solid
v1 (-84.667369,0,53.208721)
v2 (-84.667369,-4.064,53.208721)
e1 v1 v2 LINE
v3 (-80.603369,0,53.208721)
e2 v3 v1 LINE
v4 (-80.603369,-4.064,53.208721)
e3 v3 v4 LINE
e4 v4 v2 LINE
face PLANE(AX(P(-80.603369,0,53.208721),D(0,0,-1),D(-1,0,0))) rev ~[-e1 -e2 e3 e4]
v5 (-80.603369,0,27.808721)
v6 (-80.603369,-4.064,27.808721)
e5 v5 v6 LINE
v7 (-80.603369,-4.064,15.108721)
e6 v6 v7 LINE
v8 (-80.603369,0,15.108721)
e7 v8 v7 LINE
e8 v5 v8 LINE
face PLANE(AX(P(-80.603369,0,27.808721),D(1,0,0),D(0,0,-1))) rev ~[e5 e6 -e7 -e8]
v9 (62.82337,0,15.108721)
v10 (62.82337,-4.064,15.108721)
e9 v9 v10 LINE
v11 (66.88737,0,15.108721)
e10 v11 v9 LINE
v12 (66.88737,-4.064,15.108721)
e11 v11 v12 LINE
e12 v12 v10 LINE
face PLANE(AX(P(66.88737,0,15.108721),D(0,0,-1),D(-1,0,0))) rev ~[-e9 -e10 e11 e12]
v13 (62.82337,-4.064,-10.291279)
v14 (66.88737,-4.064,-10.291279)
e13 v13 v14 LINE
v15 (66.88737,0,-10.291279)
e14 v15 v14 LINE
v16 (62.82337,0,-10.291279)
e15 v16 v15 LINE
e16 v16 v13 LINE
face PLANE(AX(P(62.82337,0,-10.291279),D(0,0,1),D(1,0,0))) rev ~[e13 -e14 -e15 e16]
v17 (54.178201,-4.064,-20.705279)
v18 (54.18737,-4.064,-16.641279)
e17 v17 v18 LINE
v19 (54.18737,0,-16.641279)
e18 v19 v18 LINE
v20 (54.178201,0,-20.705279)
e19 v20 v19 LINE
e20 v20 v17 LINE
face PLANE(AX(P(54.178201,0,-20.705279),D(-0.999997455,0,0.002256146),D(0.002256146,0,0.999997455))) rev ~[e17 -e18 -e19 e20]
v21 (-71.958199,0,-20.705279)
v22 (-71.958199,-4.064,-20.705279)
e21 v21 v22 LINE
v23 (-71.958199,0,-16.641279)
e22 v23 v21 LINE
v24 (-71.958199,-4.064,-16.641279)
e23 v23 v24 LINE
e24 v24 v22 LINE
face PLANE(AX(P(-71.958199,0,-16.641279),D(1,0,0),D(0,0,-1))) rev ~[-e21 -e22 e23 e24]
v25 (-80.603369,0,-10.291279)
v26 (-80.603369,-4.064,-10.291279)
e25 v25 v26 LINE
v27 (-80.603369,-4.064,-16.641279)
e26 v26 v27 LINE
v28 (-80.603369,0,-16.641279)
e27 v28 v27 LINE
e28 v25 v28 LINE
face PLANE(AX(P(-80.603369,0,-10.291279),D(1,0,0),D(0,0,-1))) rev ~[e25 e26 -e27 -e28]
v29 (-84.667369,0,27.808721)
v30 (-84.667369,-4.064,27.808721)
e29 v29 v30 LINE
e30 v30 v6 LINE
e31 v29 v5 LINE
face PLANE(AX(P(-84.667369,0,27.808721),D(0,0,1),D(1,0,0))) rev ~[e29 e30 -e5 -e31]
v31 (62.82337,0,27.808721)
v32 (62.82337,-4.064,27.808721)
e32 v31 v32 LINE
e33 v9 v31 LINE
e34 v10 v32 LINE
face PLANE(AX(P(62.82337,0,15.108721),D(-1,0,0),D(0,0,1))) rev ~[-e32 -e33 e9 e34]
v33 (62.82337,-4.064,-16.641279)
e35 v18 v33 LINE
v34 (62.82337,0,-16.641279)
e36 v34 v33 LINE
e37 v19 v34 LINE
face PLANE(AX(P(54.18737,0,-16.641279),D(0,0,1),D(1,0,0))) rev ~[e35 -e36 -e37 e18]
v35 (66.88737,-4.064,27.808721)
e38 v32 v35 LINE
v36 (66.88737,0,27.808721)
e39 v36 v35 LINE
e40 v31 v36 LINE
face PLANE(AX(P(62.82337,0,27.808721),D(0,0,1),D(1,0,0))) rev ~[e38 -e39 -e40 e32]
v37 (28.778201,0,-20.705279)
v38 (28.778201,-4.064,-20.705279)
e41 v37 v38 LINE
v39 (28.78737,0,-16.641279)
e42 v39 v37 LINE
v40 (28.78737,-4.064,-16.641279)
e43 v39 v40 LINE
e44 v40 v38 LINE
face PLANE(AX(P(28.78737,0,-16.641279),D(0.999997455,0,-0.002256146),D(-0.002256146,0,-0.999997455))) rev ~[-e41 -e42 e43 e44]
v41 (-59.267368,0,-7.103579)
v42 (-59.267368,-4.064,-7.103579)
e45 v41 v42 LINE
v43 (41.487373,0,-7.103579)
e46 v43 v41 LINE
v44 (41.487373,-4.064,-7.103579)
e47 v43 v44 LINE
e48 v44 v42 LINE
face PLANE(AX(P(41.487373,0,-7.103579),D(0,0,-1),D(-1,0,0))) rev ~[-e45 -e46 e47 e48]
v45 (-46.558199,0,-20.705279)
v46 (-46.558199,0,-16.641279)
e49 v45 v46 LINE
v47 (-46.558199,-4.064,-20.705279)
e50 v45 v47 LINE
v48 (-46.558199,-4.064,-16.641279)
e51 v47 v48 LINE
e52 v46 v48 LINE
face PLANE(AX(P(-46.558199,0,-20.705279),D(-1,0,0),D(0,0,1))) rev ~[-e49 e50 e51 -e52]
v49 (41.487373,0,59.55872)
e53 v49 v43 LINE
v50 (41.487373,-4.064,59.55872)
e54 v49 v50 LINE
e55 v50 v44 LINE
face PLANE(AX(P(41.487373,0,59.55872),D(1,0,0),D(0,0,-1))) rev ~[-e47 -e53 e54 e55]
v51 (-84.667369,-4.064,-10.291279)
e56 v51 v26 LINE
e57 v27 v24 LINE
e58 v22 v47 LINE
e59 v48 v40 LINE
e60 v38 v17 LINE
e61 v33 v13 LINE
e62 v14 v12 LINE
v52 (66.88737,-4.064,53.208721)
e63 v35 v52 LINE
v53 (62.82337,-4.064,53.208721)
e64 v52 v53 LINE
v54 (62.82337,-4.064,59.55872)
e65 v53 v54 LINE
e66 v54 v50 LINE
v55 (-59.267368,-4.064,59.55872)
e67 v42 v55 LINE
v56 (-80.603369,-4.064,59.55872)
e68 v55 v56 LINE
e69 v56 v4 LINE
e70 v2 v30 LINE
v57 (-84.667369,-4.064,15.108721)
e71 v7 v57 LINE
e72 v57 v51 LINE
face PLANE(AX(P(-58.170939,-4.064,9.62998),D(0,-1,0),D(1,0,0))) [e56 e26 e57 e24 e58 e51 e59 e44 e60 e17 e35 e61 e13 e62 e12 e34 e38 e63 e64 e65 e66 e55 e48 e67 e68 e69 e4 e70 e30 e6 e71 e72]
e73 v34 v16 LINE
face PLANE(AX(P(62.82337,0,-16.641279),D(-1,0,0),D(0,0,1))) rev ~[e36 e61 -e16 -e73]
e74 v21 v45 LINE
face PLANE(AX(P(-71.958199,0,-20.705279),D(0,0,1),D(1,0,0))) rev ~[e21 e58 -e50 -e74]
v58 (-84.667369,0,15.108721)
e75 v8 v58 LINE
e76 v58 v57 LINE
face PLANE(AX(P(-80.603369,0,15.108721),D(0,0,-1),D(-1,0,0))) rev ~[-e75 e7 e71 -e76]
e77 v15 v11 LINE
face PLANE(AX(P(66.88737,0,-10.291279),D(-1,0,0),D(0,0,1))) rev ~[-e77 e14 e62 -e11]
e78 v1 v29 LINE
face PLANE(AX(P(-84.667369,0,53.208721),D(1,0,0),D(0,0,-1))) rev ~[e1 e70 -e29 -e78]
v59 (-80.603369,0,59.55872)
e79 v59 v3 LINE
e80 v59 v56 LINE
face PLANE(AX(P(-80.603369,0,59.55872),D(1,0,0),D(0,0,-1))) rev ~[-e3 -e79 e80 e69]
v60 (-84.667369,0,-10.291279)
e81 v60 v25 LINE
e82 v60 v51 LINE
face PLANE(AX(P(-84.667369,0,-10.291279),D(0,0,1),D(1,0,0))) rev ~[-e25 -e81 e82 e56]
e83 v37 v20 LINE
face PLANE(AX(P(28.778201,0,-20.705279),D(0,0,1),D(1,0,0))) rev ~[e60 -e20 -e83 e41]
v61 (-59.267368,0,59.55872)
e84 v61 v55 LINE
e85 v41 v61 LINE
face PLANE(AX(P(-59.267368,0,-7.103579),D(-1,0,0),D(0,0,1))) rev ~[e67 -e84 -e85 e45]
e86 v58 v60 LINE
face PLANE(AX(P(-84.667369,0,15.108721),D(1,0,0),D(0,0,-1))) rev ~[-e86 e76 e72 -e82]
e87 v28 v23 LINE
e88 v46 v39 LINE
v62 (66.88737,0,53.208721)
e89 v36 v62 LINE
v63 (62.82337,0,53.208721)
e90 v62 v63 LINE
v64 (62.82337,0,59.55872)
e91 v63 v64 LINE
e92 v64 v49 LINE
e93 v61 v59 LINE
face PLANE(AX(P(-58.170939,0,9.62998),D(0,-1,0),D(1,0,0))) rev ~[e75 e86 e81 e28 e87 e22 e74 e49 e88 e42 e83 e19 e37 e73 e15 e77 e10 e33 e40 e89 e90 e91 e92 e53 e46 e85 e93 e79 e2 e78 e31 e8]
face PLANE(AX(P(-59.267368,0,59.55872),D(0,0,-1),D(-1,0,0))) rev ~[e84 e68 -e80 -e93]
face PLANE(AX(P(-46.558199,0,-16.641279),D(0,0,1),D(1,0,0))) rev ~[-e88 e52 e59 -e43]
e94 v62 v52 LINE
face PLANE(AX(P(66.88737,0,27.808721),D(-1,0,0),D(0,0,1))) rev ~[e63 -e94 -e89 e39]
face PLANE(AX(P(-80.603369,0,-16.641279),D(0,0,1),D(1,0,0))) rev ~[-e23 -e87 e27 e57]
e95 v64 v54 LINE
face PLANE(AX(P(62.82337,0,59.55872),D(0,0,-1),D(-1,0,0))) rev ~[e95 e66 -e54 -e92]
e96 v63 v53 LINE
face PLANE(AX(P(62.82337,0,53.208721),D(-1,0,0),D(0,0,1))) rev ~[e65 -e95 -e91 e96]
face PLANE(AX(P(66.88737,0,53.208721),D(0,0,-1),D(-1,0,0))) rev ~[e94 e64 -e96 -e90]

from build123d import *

# Parameters (mm, degrees)
F1_DEPTH = 4.064


with BuildPart() as f1:
    # F0 (on Front) → F1 (new body)
    with BuildSketch(Plane.XZ):
        Polygon((-71.967369, 59.55872), (-78.317369, 59.55872), (-80.603369, 59.55872), (-80.603369, 53.208721), (-84.667369, 53.208721), (-84.667369, 27.808721), (-80.603369, 27.808721), (-80.603369, 15.108721), (-84.667369, 15.108721), (-84.667369, -10.291279), (-80.603369, -10.291279), (-80.603369, -16.641279), (-71.958199, -16.641279), (-71.958199, -20.705279), (-46.558199, -20.705279), (-46.558199, -16.641279), (-43.364482, -16.641279), (-17.964482, -16.641279), (-8.889999, -16.641279), (-8.889999, -7.103579), (-43.364482, -7.103579), (-59.267368, -7.103579), (-59.267368, 59.55872), (-65.617369, 59.55872), align=None)
        Polygon((41.487373, -7.103579), (-8.889999, -7.103579), (-8.889999, -16.641279), (28.78737, -16.641279), (28.778201, -20.705279), (54.178201, -20.705279), (54.18737, -16.641279), (62.82337, -16.641279), (62.82337, -10.291279), (66.88737, -10.291279), (66.88737, 15.108721), (62.82337, 15.108721), (62.82337, 27.808721), (66.88737, 27.808721), (66.88737, 53.208721), (62.82337, 53.208721), (62.82337, 59.55872), (47.83737, 59.55872), (41.487373, 59.55872), align=None)
    extrude(amount=F1_DEPTH)


solid = f1.part
